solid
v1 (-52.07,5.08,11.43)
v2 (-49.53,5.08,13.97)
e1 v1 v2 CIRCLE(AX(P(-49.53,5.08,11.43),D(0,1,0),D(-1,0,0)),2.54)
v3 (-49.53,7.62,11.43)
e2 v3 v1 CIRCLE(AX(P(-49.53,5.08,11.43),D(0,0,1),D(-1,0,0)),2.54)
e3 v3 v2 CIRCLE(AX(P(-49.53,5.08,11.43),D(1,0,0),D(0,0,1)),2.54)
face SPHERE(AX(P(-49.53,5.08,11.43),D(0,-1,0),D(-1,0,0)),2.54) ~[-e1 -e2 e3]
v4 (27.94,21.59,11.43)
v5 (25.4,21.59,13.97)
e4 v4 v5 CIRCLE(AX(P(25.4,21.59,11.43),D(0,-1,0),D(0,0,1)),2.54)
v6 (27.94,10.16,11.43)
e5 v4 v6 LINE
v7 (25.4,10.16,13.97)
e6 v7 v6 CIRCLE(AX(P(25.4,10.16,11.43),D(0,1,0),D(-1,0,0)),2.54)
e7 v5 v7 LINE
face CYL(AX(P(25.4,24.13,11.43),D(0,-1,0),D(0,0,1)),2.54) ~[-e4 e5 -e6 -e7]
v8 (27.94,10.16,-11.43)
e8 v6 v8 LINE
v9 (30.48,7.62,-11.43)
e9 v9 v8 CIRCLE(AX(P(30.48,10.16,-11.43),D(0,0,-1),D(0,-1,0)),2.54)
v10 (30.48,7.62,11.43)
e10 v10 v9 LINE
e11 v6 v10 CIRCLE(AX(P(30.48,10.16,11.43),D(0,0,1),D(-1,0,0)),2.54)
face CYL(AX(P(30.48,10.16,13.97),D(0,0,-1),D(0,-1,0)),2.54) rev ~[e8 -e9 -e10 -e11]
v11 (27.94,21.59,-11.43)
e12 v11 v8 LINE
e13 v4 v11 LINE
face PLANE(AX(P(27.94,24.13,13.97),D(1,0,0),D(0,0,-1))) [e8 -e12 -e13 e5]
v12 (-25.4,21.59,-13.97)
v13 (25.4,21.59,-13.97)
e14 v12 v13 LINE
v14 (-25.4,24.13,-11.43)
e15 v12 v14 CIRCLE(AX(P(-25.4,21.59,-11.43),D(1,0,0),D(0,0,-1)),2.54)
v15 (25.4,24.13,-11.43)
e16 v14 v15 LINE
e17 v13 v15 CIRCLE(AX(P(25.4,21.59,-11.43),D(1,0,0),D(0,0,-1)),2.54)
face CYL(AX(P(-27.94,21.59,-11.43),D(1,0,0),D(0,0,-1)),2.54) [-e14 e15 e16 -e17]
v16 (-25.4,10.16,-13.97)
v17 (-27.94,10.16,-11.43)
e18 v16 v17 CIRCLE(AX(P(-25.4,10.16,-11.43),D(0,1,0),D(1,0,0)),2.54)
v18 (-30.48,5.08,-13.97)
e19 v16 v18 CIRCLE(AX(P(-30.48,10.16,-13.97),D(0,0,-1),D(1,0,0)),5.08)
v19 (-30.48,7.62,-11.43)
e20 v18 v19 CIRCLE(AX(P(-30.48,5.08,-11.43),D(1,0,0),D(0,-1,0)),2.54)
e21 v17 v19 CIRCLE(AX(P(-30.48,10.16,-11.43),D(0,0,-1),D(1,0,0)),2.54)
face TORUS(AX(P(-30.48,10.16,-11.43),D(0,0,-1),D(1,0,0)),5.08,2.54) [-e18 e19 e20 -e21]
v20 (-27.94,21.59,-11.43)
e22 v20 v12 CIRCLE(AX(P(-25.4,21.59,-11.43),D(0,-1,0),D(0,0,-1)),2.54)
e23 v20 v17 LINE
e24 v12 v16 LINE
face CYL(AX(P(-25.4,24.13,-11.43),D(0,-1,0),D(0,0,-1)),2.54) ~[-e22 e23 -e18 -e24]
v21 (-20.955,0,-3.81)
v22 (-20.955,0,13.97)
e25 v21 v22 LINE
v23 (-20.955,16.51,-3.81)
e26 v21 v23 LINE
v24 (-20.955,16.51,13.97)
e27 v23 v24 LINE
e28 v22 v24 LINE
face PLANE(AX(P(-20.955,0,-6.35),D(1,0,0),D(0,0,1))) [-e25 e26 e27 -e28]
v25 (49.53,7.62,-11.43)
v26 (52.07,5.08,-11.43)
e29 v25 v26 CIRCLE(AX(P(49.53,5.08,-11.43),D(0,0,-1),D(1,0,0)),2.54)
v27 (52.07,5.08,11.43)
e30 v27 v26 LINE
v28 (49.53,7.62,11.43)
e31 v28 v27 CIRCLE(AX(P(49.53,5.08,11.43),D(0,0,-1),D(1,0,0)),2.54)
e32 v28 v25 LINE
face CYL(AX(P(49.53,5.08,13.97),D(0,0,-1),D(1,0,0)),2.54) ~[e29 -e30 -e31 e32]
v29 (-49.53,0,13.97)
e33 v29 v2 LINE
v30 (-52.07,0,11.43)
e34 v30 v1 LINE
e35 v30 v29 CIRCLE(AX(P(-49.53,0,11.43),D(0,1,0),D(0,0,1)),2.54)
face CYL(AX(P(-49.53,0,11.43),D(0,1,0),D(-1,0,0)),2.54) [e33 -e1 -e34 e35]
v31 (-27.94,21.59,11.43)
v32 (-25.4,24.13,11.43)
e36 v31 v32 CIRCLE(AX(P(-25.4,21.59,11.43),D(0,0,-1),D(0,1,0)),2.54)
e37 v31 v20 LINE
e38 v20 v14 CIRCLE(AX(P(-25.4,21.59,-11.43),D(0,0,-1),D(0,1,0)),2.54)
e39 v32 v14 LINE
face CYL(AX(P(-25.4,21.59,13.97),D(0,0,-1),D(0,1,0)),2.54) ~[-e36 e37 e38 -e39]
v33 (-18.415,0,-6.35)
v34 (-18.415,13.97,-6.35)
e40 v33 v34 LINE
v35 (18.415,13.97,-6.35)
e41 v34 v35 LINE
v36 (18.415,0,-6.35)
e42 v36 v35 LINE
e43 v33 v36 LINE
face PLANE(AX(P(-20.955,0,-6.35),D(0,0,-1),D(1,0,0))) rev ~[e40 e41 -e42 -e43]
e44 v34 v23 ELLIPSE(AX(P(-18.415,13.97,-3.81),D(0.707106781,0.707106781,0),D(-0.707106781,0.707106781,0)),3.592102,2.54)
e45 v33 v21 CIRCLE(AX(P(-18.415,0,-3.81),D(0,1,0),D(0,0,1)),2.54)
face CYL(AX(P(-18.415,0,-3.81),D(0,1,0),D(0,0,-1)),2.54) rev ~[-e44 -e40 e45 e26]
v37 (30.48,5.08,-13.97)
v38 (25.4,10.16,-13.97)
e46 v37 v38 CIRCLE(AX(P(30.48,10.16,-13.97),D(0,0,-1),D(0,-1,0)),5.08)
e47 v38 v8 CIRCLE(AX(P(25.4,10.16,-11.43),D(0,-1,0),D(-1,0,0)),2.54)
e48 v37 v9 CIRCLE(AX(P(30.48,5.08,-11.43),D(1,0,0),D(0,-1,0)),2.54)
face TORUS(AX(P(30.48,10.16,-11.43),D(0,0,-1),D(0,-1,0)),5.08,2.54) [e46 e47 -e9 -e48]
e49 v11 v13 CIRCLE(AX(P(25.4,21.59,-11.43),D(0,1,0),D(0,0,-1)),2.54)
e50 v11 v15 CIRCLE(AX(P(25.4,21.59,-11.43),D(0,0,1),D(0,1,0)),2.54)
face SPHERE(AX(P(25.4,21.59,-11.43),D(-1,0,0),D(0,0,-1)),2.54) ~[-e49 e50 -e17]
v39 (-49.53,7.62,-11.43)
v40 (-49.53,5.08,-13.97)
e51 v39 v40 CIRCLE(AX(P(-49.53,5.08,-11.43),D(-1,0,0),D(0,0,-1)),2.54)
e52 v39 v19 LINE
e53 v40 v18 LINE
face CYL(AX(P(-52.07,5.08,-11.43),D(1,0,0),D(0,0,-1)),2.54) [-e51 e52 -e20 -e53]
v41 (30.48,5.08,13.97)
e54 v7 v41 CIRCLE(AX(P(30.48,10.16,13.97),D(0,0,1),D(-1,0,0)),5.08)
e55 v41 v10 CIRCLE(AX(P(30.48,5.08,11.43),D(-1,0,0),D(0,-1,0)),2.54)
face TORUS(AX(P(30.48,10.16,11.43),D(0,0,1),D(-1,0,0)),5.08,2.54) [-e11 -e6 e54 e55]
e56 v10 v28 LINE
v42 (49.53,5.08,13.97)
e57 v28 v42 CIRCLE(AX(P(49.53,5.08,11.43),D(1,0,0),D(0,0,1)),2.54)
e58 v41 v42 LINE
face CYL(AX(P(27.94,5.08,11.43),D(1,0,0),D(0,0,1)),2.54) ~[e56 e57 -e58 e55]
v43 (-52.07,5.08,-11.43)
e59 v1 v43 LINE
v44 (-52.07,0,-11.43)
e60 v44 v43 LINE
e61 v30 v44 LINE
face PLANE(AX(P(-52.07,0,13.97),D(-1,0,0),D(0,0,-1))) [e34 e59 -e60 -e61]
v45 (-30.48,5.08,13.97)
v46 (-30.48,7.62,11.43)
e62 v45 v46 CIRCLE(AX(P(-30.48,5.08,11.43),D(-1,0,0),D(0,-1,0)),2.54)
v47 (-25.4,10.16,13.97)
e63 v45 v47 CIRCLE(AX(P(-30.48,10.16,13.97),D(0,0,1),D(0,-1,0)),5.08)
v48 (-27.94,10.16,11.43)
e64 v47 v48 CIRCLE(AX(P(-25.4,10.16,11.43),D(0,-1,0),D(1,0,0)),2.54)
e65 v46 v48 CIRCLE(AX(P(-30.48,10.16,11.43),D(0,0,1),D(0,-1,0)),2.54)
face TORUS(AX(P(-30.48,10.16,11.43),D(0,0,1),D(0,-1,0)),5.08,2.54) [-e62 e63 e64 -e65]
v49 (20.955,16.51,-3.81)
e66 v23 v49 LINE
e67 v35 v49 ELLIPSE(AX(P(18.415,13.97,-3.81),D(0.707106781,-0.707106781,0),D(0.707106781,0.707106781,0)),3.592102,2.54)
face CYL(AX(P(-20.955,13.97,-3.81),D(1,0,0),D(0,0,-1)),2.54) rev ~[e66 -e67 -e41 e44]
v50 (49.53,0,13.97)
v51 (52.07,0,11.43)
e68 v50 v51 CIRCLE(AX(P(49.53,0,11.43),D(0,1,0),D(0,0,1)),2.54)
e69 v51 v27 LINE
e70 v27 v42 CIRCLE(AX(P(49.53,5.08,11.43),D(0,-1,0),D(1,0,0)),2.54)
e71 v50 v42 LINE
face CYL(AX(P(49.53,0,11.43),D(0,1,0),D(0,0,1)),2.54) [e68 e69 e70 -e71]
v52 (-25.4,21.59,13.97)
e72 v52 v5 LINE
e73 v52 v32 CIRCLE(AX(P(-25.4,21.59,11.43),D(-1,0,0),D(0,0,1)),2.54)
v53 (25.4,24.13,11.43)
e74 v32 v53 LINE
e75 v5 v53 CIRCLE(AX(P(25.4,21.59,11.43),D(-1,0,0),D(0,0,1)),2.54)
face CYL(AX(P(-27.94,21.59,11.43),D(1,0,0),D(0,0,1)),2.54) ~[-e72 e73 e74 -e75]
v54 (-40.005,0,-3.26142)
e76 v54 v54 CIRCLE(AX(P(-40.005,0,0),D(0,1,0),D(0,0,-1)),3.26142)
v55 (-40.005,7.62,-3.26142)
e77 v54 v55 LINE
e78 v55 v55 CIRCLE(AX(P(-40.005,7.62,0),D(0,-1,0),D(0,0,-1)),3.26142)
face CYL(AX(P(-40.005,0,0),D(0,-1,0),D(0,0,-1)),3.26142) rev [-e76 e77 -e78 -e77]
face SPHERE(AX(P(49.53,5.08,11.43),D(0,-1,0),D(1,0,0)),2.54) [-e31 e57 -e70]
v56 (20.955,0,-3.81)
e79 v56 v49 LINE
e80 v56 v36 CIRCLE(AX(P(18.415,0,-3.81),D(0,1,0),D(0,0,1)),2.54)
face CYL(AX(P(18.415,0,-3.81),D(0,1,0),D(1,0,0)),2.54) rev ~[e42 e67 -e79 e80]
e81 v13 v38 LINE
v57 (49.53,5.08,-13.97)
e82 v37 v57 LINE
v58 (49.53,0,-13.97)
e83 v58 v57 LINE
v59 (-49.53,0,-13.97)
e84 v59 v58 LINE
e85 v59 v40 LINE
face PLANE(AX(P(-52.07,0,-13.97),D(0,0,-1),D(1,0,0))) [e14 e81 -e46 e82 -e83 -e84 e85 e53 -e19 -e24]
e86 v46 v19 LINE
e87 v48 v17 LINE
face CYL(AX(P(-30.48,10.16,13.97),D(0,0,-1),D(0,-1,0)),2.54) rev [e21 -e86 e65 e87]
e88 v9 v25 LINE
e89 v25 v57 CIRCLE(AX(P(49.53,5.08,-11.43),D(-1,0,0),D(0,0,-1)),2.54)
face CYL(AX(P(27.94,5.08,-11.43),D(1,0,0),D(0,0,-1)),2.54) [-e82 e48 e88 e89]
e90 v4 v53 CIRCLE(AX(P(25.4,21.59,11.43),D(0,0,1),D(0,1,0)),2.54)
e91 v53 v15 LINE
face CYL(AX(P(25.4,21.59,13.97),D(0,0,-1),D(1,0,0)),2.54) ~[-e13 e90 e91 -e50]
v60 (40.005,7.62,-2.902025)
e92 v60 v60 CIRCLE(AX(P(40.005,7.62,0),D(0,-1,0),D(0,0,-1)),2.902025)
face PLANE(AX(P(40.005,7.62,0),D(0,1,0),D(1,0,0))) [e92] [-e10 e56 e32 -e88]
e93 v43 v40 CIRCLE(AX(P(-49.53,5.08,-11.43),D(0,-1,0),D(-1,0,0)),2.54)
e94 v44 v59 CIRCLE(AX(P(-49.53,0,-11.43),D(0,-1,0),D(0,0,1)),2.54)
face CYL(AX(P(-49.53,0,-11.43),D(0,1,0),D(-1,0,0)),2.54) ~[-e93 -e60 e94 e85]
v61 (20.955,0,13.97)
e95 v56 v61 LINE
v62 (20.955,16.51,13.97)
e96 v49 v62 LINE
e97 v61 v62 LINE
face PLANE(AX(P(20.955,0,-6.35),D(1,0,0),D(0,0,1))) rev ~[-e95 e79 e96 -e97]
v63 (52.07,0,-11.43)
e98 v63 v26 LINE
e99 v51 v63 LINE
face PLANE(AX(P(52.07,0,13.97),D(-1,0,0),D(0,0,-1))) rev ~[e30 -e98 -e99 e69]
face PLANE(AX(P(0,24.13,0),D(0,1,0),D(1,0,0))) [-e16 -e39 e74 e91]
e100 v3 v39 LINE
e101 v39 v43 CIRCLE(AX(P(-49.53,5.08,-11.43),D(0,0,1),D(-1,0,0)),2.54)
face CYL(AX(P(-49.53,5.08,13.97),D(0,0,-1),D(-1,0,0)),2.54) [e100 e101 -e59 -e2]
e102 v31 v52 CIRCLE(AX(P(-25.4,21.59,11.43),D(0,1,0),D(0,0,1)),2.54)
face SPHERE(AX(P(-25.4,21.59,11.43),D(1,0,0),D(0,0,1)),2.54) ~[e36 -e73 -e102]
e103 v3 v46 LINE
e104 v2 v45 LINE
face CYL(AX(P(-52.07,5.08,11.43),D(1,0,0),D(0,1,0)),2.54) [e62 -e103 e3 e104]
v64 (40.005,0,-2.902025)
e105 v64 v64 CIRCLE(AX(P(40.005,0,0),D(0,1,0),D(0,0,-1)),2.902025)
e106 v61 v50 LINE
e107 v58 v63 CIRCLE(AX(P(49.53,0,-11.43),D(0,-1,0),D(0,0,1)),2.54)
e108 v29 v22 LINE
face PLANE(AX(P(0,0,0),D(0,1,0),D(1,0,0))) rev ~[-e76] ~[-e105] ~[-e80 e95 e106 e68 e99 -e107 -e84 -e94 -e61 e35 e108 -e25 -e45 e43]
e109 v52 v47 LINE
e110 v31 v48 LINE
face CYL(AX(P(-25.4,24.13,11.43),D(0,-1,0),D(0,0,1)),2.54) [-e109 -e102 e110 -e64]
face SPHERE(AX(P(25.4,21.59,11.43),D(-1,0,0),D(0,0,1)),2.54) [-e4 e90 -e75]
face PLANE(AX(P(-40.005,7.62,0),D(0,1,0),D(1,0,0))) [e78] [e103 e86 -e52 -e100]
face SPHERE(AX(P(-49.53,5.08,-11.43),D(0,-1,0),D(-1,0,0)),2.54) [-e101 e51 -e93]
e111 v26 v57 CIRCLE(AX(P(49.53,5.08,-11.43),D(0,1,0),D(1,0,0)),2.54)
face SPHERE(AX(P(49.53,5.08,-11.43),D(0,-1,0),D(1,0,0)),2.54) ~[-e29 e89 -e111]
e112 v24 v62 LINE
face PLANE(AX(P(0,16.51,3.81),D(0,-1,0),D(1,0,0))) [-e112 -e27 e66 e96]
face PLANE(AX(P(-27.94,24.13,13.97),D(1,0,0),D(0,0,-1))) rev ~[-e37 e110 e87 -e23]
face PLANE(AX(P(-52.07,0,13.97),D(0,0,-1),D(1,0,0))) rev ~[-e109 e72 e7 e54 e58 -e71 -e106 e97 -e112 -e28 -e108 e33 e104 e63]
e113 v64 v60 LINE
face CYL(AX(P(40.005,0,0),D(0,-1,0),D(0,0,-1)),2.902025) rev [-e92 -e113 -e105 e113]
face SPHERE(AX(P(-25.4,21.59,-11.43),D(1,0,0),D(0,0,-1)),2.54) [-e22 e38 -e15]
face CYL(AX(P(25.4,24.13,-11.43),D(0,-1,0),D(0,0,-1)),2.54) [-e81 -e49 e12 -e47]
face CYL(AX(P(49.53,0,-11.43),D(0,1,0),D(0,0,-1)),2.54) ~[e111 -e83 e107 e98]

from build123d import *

# Parameters (mm, degrees)
SKETCH1_W           = 104.14
SKETCH1_H           = 27.94
SKETCH1_R           = 2.902024653
SKETCH1_R_2         = 3.261420209
BOSS_EXTRUDE1_DEPTH = 24.13
SKETCH2_W           = 41.91
SKETCH2_H           = 20.32
CUT_EXTRUDE1_DEPTH  = 16.51
SKETCH4_W           = 24.13
SKETCH4_H           = 27.94
CUT_EXTRUDE2_DEPTH  = 16.51
FILLET1_R           = 2.54


with BuildPart() as part:
    # Sketch1 → Boss-Extrude1 (new body)
    with BuildSketch(Plane(origin=(0, 0, 0), x_dir=(1, 0, 0), z_dir=(0, 1, 0))):
        Rectangle(SKETCH1_W, SKETCH1_H)
        with Locations(Location((40.005, 0, 0), (0, 0, 90))):
            Circle(SKETCH1_R, mode=Mode.SUBTRACT)
        with Locations(Location((-40.005, 0, 0), (0, 0, 90))):
            Circle(SKETCH1_R_2, mode=Mode.SUBTRACT)
    extrude(amount=BOSS_EXTRUDE1_DEPTH)

    # Sketch2 → Cut-Extrude1 (cut)
    with BuildSketch(Plane.XZ):
        with Locations((0, 3.81)):
            Rectangle(SKETCH2_W, SKETCH2_H)
    extrude(amount=-CUT_EXTRUDE1_DEPTH, mode=Mode.SUBTRACT)

    # Sketch4 → Cut-Extrude2 (cut)
    with BuildSketch(Plane(origin=(0, 24.13, 0), x_dir=(1, 0, 0), z_dir=(0, 1, 0))):
        with Locations((-40.005, 0)):
            Rectangle(SKETCH4_W, SKETCH4_H)
        with Locations((40.005, 0)):
            Rectangle(SKETCH4_W, SKETCH4_H)
    extrude(amount=-CUT_EXTRUDE2_DEPTH, mode=Mode.SUBTRACT)

    # Fillet1
    fillet1_edges = [part.edges().sort_by_distance(p)[0] for p in [
        (-20.955, 8.255, -6.35),
        (0, 16.51, -6.35),
        (20.955, 8.255, -6.35),
        (52.07, 3.81, 13.97),
        (0, 24.13, 13.97),
        (-52.07, 3.81, 13.97),
        (-52.07, 3.81, -13.97),
        (0, 24.13, -13.97),
        (52.07, 3.81, -13.97),
        (-52.07, 7.62, 0),
        (-40.005, 7.62, -13.97),
        (-27.94, 7.62, 0),
        (-27.94, 15.875, -13.97),
        (-40.005, 7.62, 13.97),
        (-27.94, 15.875, 13.97),
        (-27.94, 24.13, 0),
        (52.07, 7.62, 0),
        (40.005, 7.62, 13.97),
        (27.94, 7.62, 0),
        (27.94, 15.875, 13.97),
        (40.005, 7.62, -13.97),
        (27.94, 15.875, -13.97),
        (27.94, 24.13, 0),
    ]]
    fillet(fillet1_edges, radius=FILLET1_R)


solid = part.part
